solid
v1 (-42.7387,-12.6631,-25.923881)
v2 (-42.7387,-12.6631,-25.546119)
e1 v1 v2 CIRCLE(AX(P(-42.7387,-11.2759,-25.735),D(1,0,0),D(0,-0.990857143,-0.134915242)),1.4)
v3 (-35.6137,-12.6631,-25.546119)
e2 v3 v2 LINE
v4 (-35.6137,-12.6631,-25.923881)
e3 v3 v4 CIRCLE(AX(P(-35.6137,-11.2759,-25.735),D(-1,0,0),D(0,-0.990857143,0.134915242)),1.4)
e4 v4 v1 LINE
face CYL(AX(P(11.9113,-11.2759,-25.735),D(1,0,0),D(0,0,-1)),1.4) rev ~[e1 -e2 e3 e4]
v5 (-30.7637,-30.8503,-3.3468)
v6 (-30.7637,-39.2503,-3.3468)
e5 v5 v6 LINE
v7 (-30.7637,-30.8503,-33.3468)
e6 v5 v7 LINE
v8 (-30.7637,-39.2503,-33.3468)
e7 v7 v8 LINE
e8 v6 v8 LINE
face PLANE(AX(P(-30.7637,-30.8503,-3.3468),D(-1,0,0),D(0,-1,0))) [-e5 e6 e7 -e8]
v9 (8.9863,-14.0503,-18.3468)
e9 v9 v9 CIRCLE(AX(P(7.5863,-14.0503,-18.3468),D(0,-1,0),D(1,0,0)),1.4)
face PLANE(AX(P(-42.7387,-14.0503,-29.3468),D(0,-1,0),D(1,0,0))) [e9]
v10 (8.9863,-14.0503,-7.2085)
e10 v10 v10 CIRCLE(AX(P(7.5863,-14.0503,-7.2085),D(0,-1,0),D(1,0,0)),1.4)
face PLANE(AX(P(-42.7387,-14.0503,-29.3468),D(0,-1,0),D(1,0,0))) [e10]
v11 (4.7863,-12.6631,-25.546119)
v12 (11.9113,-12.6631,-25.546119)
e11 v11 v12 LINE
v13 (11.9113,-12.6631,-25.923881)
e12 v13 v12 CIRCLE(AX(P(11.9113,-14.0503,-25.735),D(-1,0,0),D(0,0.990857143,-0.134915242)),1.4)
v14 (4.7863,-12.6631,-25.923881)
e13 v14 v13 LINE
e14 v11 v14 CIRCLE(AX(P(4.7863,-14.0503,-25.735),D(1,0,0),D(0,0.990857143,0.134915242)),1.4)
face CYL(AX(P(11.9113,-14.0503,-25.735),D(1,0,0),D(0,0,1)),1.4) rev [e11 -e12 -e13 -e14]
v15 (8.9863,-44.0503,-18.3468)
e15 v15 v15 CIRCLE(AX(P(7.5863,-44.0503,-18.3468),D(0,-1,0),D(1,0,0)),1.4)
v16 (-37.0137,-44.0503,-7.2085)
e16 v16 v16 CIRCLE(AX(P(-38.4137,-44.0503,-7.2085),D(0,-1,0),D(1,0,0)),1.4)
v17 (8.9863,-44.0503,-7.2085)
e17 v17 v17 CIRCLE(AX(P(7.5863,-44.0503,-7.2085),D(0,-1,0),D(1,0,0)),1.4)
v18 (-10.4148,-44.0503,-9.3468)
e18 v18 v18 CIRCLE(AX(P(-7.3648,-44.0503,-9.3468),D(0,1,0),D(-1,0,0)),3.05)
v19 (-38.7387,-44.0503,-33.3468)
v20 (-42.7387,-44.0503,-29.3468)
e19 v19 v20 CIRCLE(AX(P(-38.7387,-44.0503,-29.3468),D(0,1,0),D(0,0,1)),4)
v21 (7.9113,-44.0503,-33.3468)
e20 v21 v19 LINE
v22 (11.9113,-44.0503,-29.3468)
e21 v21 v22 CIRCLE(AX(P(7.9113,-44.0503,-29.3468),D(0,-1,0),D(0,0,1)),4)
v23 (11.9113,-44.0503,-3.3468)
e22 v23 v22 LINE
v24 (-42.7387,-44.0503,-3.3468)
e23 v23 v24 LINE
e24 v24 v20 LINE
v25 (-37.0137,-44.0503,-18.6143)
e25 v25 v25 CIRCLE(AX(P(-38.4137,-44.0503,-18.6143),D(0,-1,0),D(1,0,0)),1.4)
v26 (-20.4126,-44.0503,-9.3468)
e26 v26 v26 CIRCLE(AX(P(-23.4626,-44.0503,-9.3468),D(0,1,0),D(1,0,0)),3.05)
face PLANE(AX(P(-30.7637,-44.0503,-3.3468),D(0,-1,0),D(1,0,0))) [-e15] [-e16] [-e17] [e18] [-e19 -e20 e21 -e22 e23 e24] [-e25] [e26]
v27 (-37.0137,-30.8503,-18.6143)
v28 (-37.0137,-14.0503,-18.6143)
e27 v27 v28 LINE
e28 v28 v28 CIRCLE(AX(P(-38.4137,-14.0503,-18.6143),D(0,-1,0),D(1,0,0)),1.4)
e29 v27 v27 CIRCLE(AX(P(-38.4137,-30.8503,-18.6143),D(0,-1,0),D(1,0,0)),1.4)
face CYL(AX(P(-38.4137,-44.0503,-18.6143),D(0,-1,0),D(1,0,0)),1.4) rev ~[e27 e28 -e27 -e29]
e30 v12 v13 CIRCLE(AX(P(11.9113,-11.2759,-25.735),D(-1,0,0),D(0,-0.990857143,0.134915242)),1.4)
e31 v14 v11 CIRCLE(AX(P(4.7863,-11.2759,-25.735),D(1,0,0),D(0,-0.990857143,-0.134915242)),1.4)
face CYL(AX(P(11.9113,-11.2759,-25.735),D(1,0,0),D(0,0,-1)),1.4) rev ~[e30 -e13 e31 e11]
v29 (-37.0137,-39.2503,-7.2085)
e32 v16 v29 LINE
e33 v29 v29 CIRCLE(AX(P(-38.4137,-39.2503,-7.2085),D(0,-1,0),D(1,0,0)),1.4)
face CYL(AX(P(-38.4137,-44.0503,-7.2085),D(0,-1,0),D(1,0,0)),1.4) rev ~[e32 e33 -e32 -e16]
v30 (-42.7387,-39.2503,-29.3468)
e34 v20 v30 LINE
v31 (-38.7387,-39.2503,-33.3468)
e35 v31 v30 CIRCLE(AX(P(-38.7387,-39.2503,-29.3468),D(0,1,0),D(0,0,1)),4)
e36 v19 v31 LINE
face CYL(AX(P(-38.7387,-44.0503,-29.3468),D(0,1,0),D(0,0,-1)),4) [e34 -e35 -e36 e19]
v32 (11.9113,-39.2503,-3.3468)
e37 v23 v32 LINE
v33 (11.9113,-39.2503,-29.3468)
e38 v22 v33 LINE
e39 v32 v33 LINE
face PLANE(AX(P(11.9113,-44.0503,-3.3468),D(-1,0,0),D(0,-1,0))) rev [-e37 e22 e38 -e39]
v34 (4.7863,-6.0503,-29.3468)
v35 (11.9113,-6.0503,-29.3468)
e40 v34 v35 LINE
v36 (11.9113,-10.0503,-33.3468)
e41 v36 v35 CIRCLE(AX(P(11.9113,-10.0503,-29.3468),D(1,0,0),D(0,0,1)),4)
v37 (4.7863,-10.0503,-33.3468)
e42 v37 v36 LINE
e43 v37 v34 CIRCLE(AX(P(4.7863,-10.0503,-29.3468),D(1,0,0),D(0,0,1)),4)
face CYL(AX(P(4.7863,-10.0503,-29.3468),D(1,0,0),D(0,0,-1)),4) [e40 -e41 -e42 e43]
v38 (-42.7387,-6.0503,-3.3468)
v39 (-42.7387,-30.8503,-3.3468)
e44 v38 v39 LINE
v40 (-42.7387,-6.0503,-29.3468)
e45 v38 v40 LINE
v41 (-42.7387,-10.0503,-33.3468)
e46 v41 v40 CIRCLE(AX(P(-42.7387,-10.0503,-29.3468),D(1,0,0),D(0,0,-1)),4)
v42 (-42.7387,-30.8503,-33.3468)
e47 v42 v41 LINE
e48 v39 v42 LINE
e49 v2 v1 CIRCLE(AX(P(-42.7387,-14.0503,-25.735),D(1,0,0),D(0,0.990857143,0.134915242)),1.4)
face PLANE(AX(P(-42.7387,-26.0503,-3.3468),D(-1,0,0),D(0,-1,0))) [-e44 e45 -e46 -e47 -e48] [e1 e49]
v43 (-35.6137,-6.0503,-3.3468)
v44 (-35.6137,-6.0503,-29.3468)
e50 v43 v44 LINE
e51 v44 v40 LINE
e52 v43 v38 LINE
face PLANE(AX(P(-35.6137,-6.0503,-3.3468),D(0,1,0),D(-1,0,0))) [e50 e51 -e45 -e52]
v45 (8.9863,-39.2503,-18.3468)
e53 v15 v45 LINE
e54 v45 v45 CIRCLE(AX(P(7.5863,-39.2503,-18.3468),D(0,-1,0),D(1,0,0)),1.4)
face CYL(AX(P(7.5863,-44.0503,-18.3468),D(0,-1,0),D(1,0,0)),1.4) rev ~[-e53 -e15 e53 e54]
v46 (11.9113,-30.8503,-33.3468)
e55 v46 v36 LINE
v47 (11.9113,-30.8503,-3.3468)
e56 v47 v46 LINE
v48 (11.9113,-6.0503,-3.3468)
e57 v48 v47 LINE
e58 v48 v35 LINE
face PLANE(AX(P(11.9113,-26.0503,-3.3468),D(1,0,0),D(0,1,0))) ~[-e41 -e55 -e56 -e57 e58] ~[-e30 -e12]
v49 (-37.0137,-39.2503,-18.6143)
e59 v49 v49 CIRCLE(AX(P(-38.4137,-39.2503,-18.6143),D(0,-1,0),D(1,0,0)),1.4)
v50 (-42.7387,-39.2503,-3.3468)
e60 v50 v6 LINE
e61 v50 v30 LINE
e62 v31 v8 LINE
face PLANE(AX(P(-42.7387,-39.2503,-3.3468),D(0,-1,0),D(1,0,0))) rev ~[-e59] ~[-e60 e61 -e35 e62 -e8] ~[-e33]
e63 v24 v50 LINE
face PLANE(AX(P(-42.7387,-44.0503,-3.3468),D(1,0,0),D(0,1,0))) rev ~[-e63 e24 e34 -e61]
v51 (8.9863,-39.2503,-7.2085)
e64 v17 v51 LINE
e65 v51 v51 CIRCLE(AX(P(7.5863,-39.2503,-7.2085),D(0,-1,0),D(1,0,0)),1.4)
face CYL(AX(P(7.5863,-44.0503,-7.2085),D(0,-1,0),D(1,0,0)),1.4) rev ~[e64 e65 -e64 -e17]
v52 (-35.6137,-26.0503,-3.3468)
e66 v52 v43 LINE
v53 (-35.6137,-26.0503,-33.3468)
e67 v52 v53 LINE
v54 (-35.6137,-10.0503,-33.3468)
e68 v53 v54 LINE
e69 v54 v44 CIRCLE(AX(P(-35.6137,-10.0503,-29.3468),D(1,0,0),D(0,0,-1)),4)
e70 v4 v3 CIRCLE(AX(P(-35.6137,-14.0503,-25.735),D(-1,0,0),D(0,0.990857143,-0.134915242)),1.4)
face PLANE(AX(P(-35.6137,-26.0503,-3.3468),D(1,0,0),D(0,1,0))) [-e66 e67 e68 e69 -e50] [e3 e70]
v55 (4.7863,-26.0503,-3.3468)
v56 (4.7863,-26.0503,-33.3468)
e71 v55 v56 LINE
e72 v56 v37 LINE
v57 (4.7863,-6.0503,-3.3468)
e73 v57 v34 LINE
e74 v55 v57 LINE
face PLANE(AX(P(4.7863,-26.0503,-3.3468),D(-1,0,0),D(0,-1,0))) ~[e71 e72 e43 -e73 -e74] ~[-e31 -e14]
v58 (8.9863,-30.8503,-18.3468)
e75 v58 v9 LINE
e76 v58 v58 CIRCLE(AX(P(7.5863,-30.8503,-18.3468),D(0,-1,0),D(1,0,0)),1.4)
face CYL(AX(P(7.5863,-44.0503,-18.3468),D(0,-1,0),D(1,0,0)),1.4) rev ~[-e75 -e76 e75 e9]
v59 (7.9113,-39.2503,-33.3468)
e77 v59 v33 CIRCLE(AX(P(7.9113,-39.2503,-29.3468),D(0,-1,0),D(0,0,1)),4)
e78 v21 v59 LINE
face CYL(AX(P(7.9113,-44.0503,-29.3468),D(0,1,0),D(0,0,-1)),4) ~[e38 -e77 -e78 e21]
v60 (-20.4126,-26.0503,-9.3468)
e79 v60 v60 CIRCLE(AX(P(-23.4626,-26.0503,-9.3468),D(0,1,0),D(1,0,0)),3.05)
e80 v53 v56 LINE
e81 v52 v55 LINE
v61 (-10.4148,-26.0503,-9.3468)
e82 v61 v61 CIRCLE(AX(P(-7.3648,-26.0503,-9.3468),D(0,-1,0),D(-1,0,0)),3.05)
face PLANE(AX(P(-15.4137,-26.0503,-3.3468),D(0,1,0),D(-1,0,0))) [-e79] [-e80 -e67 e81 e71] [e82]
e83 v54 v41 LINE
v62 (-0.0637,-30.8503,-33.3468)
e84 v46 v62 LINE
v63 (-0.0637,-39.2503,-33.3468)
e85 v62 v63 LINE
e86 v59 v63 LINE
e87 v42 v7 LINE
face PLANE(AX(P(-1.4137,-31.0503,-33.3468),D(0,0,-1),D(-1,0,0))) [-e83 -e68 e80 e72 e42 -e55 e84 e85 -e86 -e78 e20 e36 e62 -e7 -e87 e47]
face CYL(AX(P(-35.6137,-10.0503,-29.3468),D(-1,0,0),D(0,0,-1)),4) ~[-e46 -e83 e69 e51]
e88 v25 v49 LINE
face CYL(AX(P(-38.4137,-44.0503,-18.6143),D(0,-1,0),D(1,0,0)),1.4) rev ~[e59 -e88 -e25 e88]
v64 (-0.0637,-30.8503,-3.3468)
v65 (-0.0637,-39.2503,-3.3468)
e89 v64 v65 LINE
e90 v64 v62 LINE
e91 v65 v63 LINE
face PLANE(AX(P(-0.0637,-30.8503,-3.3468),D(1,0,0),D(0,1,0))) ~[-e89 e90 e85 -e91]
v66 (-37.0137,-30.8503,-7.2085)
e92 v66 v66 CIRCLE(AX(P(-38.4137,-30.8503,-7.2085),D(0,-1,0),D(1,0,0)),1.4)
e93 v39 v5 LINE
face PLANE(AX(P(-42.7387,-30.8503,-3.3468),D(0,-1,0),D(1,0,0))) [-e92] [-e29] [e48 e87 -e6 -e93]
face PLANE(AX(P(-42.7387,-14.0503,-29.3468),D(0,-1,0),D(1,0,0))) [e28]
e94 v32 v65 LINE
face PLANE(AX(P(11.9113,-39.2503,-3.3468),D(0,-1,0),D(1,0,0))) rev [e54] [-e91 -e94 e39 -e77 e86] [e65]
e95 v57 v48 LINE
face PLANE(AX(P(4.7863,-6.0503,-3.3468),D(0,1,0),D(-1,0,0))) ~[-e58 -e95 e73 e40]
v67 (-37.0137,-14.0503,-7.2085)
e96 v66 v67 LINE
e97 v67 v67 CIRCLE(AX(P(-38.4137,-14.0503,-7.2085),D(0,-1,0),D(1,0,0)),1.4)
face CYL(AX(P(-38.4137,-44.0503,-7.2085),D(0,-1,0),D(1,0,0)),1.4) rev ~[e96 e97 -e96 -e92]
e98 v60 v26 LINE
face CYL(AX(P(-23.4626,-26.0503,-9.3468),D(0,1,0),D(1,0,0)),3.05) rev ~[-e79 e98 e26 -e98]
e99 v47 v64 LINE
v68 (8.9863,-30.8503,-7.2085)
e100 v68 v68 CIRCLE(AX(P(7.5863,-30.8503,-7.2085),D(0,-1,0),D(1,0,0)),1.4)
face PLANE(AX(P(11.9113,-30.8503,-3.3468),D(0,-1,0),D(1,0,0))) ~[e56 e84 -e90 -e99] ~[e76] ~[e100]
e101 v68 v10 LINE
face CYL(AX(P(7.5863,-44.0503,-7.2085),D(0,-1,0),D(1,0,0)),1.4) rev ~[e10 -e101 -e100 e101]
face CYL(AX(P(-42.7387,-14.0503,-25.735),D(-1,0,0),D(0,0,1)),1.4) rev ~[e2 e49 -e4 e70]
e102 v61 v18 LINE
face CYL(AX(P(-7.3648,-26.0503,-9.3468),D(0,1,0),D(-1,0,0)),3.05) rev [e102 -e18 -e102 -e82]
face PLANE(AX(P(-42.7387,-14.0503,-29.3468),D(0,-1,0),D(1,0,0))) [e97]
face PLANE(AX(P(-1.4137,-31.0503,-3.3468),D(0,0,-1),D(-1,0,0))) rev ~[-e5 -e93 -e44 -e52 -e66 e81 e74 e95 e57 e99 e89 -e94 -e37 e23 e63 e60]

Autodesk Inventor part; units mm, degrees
ref_plane "YZ Plane" through (0, 0, 0) normal (1, 0, 0) x (0, 1, 0)
ref_plane "XZ Plane" through (0, 0, 0) normal (0, 1, 0) x (-1, 0, 0)
ref_plane "XY Plane" through (0, 0, 0) normal (0, 0, 1) x (1, 0, 0)
ref_plane "Work Plane1" through (-1.4137, -31.0503, -3.3468) normal (0, 0, -1) x (-1, 0, 0)
sketch "Sketch1" plane through (-1.4137, -31.0503, -3.3468) normal (0, 0, -1) x (-1, 0, 0)
  line L0 (41.325, -8) -> (41.325, 0)
  line L1 (29.55, -8) -> (29.55, 0)
  line L2 (44, -8) -> (44, 0) projected
  line L3 (14, 34) -> (14, 6)
  line L4 (14, 5) -> (29.35, 5)
  line L5 (29.35, 5) -> (29.35, -13)
  line L6 (29.35, -13) -> (14, -13)
  line L7 (14, -13) -> (14, 5)
  line L8 (29.35, 5) -> (41.325, 5)
  line L9 (41.325, 5) -> (41.325, 0.2)
  line L10 (41.325, 0.2) -> (29.35, 0.2)
  line L11 (29.35, 0.2) -> (29.35, 5)
  line L12 (29.35, -13) -> (41.325, -13)
  line L13 (41.325, -13) -> (41.325, -8.2)
  line L14 (41.325, -8.2) -> (29.35, -8.2)
  line L15 (29.35, -8.2) -> (29.35, -13)
  line L16 (30, 0) -> (34, 0) projected
  line L17 (34, -8) -> (30, -8) projected
  line L18 (41.325, 5) -> (34.2, 5)
  line L19 (34.2, 5) -> (34.2, 25)
  line L20 (34.2, 25) -> (41.325, 25)
  line L21 (41.325, 25) -> (41.325, 5)
  point P0 (-1.4137, 31.0503)
  point P1 (34, 21.1361)
  point P2 (34.2, 5)
  point P3 (29.35, -8.2)
  point P4 (29.35, 0.2)
  dimension "d0" = 5
  dimension "d1" = 0
  dimension "d2" = 0.2
  dimension "d3" = 5
  dimension "d4" = 0.2
  dimension "d5" = 0.2
  dimension "d6" = 20
  dimension "d7" = 0.2
extrude "Extrusion1" add sketch "Sketch1" along normal blind 30
sketch "Sketch2" plane through (-35.6137, -26.0503, -3.3468) normal (0, 1, 0) x (1, 0, 0)
  circle A0 centre (12.1511, -14.3969) radius 3 construction
  circle A1 centre (12.1511, 6) radius 3.05
  line L0 (-7.125, 0) -> (0, 0) projected
  point P0 (35.6137, -3.3468)
  dimension "d10" = 6.1
  dimension "d13" = 6
extrude "Extrusion2" cut sketch "Sketch2" against normal blind 25.4
sketch "Sketch3" plane through (-42.7387, -30.8503, -3.3468) normal (-1, 0, 0) x (0, 0, 1)
  circle A0 centre (-22.3882, 16.8) radius 1.4 projected
  point P0 (3.3468, 30.8503)
extrude "Extrusion3" cut sketch "Sketch3" against normal blind 30
fillet "Fillet1" radius 4 2 edges at (-39.1762, -6.0503, -33.3468) (-42.7387, -41.6503, -33.3468)
mirror "Mirror1" about plane through (-15.4137, -26.0503, -3.3468) normal (1, 0, 0) of "Extrusion1", "Extrusion2", "Extrusion3", "Fillet1"
sketch "Sketch4" plane through (-42.7387, -44.0503, -29.3468) normal (0, -1, 0) x (1, 0, 0)
  arc A0 (50.65, -4) -> (54.65, 0) centre (50.65, 0) ccw projected
  line L0 (54.65, 26) -> (54.65, 0) projected
  line L1 (0, 26) -> (54.65, 26) projected
  line L2 (0, 26) -> (0, 0) projected
  arc A1 (0, 0) -> (4, -4) centre (4, 0) ccw projected
  line L3 (4, -4) -> (50.65, -4) projected
  circle A2 centre (35.3739, 20) radius 3.05 projected
  circle A3 centre (19.2761, 20) radius 3.05 projected
  circle A4 centre (4.325, 31.6031) radius 1.45 projected
  circle A5 centre (4.325, 22.1383) radius 1.4
  circle A6 centre (4.325, 10.7325) radius 1.4
  circle A7 centre (50.325, 22.1383) radius 1.4
  circle A8 centre (50.325, 11) radius 1.4
  point P0 (42.7387, 29.3468)
  dimension "d17" = 2.8
  dimension "d18" = 2.8
  dimension "d19" = 2.8
  dimension "d20" = 2.8
  dimension "d21" = 4.325
  dimension "d22" = 4.325
  dimension "d23" = 4.325
extrude "Extrusion4" cut sketch "Sketch4" against normal blind 30 contours A5 | A6 | A7 | A8
sketch "Skizze5" plane through (11.9113, -30.8503, -3.3468) normal (1, 0, 0) x (0, 0, -1)
  circle A0 centre (22.3882, 19.5744) radius 1.4 projected
  circle A1 centre (22.3882, 19.5744) radius 1.4
  point P0 (-3.3468, 30.8503)
  dimension "d26" = 2.8
extrude "Extrusion5" cut sketch "Skizze5" against normal through all
equation "\"d22\" = d21"
equation "\"d23\" = d21"
properties part number "30_Cube_Z_Focus_Drylin_manual_base_lightsheet_v3"
